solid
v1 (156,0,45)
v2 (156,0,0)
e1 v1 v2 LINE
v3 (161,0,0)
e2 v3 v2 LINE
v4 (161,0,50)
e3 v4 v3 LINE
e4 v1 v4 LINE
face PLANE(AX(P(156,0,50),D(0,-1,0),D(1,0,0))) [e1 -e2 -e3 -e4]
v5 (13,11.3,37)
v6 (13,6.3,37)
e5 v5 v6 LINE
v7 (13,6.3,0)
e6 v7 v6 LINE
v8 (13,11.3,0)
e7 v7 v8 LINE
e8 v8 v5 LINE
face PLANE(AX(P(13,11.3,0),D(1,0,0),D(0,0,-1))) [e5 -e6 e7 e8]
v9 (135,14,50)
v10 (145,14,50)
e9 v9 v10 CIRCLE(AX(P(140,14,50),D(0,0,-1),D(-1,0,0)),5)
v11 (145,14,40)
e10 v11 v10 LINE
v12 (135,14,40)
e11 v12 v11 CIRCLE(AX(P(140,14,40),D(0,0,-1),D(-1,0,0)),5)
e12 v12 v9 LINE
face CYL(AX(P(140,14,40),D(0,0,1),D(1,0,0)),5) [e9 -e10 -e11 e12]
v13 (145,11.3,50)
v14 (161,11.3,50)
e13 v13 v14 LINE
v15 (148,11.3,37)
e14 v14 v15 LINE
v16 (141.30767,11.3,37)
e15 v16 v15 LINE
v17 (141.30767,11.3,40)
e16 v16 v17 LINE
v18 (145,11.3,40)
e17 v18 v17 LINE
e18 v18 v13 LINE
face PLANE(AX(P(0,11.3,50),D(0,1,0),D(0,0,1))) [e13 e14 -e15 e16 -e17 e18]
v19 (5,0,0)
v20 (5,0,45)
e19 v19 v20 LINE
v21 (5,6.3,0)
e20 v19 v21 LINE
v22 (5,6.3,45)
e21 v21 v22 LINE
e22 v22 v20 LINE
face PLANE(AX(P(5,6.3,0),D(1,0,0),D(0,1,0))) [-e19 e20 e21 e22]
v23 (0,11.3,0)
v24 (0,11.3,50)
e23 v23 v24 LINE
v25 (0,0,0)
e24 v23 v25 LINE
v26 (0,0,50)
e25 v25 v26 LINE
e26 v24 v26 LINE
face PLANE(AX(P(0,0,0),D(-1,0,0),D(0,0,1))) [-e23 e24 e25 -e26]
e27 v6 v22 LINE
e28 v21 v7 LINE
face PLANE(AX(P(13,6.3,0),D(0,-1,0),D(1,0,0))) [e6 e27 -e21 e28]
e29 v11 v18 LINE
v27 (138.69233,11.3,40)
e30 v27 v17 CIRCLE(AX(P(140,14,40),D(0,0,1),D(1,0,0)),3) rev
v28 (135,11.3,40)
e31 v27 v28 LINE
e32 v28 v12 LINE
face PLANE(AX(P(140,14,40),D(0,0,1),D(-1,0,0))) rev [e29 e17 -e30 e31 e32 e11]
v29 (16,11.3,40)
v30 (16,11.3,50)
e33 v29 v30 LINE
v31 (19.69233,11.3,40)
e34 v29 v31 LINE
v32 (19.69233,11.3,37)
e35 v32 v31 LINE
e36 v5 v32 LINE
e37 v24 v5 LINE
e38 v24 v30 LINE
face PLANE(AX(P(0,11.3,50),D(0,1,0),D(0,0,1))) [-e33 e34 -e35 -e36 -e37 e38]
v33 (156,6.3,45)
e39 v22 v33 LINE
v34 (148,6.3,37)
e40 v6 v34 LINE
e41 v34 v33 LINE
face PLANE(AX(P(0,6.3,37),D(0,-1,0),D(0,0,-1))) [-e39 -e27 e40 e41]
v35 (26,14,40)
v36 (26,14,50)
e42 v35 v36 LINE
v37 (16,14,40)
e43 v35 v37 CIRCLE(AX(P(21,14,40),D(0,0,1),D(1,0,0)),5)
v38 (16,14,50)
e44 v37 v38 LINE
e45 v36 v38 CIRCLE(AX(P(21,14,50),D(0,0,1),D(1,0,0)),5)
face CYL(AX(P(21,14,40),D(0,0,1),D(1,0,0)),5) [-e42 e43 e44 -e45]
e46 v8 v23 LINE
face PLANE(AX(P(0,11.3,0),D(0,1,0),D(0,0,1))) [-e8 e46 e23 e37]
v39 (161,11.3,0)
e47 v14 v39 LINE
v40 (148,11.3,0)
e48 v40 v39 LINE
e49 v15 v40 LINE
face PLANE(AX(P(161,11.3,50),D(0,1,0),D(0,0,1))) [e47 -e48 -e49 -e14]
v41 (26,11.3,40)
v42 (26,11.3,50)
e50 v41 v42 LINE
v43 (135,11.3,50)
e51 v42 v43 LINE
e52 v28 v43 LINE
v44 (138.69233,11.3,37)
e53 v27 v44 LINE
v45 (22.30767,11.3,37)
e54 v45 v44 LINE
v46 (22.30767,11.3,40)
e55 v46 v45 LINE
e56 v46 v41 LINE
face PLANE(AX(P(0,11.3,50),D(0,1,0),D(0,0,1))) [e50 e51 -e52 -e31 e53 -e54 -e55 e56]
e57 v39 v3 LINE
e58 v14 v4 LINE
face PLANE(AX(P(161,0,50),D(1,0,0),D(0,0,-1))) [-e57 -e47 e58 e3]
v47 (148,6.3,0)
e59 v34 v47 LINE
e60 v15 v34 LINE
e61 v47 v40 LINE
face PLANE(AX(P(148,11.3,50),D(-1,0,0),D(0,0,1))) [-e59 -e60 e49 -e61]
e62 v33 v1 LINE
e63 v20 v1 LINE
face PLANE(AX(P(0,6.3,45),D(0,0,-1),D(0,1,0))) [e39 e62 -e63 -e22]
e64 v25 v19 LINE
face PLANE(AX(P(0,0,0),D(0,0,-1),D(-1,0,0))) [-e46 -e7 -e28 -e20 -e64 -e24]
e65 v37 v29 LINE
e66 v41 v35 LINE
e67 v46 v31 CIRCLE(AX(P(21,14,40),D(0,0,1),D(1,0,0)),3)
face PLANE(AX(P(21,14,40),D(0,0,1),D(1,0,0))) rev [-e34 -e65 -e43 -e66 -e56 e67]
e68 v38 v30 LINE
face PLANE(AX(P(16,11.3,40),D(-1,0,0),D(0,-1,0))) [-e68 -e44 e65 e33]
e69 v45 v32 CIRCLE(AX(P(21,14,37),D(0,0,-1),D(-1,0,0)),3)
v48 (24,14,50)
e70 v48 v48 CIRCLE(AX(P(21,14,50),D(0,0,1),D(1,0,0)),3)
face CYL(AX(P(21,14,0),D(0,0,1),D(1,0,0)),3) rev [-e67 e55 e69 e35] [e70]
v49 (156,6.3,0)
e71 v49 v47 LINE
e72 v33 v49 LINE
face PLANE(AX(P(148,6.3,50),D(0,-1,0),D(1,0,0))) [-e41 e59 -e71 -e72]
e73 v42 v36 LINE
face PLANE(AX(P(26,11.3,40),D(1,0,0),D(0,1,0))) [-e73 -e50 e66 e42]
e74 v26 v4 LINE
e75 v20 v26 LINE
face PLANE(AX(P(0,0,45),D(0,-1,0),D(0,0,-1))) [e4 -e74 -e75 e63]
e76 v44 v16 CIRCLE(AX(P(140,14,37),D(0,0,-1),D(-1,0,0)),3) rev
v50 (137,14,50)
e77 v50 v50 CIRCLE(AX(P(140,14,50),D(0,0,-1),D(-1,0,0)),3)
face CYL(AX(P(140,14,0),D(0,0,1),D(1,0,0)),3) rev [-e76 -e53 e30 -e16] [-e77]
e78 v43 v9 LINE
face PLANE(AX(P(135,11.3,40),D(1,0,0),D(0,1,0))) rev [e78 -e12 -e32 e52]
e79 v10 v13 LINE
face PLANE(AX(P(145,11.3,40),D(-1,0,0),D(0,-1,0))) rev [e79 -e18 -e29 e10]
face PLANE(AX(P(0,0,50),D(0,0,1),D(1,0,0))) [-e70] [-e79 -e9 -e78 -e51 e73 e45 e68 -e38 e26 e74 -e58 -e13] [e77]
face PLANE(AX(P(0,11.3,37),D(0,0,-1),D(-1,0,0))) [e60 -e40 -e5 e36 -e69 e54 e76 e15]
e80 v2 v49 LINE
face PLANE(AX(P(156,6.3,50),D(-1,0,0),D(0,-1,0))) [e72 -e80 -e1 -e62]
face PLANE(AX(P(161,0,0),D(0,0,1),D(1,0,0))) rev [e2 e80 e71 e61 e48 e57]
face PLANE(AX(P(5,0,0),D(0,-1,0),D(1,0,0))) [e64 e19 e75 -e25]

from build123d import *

# Parameters (mm, degrees)
SALIENTE_EXTRUIR1_DEPTH = 10
CROQUIS5_R              = 3
CORTAR_EXTRUIR1_DEPTH   = 170.652586187


with BuildPart() as part:
    # Barrer1: sweep along a path in Croquis3
    with BuildLine(Plane(origin=(0, 0, 0), x_dir=(1, 0, 0), z_dir=(0, 1, 0))) as barrer1_path:
        Line((0, 0), (0, -50))
        Line((0, -50), (161, -50))
        Line((161, -50), (161, 0))
    # Croquis1 → Barrer1 (sweep)
    with BuildSketch(Plane.XY):
        Polygon((0, 0), (0, 11.3), (13, 11.3), (13, 6.3), (5, 6.3), (5, 0), align=None)
    sweep(path=barrer1_path.line, transition=Transition.RIGHT)

    # Croquis4 → Saliente-Extruir1 (add)
    with BuildSketch(Plane.XY.offset(50)):
        with BuildLine():
            Line((16, 11.3), (26, 11.3))
            Line((26, 11.3), (26, 14))
            ThreePointArc((26, 14), (21, 19), (16, 14))
            Line((16, 14), (16, 11.3))
        make_face()
    saliente_extruir1 = extrude(amount=-SALIENTE_EXTRUIR1_DEPTH)

    # Croquis5 → Cortar-Extruir1 (cut, through all)
    with BuildSketch(Plane.XY.offset(50)):
        with Locations((21, 14)):
            Circle(CROQUIS5_R)
    cortar_extruir1 = extrude(amount=-CORTAR_EXTRUIR1_DEPTH, mode=Mode.SUBTRACT)

    # Simetría1: Saliente-Extruir1, Cortar-Extruir1 across plane
    add(saliente_extruir1.mirror(Plane(origin=(80.5, 0, 0), x_dir=(0, 0, 1), z_dir=(1, 0, 0))))
    add(cortar_extruir1.mirror(Plane(origin=(80.5, 0, 0), x_dir=(0, 0, 1), z_dir=(1, 0, 0))), mode=Mode.SUBTRACT)


solid = part.part
